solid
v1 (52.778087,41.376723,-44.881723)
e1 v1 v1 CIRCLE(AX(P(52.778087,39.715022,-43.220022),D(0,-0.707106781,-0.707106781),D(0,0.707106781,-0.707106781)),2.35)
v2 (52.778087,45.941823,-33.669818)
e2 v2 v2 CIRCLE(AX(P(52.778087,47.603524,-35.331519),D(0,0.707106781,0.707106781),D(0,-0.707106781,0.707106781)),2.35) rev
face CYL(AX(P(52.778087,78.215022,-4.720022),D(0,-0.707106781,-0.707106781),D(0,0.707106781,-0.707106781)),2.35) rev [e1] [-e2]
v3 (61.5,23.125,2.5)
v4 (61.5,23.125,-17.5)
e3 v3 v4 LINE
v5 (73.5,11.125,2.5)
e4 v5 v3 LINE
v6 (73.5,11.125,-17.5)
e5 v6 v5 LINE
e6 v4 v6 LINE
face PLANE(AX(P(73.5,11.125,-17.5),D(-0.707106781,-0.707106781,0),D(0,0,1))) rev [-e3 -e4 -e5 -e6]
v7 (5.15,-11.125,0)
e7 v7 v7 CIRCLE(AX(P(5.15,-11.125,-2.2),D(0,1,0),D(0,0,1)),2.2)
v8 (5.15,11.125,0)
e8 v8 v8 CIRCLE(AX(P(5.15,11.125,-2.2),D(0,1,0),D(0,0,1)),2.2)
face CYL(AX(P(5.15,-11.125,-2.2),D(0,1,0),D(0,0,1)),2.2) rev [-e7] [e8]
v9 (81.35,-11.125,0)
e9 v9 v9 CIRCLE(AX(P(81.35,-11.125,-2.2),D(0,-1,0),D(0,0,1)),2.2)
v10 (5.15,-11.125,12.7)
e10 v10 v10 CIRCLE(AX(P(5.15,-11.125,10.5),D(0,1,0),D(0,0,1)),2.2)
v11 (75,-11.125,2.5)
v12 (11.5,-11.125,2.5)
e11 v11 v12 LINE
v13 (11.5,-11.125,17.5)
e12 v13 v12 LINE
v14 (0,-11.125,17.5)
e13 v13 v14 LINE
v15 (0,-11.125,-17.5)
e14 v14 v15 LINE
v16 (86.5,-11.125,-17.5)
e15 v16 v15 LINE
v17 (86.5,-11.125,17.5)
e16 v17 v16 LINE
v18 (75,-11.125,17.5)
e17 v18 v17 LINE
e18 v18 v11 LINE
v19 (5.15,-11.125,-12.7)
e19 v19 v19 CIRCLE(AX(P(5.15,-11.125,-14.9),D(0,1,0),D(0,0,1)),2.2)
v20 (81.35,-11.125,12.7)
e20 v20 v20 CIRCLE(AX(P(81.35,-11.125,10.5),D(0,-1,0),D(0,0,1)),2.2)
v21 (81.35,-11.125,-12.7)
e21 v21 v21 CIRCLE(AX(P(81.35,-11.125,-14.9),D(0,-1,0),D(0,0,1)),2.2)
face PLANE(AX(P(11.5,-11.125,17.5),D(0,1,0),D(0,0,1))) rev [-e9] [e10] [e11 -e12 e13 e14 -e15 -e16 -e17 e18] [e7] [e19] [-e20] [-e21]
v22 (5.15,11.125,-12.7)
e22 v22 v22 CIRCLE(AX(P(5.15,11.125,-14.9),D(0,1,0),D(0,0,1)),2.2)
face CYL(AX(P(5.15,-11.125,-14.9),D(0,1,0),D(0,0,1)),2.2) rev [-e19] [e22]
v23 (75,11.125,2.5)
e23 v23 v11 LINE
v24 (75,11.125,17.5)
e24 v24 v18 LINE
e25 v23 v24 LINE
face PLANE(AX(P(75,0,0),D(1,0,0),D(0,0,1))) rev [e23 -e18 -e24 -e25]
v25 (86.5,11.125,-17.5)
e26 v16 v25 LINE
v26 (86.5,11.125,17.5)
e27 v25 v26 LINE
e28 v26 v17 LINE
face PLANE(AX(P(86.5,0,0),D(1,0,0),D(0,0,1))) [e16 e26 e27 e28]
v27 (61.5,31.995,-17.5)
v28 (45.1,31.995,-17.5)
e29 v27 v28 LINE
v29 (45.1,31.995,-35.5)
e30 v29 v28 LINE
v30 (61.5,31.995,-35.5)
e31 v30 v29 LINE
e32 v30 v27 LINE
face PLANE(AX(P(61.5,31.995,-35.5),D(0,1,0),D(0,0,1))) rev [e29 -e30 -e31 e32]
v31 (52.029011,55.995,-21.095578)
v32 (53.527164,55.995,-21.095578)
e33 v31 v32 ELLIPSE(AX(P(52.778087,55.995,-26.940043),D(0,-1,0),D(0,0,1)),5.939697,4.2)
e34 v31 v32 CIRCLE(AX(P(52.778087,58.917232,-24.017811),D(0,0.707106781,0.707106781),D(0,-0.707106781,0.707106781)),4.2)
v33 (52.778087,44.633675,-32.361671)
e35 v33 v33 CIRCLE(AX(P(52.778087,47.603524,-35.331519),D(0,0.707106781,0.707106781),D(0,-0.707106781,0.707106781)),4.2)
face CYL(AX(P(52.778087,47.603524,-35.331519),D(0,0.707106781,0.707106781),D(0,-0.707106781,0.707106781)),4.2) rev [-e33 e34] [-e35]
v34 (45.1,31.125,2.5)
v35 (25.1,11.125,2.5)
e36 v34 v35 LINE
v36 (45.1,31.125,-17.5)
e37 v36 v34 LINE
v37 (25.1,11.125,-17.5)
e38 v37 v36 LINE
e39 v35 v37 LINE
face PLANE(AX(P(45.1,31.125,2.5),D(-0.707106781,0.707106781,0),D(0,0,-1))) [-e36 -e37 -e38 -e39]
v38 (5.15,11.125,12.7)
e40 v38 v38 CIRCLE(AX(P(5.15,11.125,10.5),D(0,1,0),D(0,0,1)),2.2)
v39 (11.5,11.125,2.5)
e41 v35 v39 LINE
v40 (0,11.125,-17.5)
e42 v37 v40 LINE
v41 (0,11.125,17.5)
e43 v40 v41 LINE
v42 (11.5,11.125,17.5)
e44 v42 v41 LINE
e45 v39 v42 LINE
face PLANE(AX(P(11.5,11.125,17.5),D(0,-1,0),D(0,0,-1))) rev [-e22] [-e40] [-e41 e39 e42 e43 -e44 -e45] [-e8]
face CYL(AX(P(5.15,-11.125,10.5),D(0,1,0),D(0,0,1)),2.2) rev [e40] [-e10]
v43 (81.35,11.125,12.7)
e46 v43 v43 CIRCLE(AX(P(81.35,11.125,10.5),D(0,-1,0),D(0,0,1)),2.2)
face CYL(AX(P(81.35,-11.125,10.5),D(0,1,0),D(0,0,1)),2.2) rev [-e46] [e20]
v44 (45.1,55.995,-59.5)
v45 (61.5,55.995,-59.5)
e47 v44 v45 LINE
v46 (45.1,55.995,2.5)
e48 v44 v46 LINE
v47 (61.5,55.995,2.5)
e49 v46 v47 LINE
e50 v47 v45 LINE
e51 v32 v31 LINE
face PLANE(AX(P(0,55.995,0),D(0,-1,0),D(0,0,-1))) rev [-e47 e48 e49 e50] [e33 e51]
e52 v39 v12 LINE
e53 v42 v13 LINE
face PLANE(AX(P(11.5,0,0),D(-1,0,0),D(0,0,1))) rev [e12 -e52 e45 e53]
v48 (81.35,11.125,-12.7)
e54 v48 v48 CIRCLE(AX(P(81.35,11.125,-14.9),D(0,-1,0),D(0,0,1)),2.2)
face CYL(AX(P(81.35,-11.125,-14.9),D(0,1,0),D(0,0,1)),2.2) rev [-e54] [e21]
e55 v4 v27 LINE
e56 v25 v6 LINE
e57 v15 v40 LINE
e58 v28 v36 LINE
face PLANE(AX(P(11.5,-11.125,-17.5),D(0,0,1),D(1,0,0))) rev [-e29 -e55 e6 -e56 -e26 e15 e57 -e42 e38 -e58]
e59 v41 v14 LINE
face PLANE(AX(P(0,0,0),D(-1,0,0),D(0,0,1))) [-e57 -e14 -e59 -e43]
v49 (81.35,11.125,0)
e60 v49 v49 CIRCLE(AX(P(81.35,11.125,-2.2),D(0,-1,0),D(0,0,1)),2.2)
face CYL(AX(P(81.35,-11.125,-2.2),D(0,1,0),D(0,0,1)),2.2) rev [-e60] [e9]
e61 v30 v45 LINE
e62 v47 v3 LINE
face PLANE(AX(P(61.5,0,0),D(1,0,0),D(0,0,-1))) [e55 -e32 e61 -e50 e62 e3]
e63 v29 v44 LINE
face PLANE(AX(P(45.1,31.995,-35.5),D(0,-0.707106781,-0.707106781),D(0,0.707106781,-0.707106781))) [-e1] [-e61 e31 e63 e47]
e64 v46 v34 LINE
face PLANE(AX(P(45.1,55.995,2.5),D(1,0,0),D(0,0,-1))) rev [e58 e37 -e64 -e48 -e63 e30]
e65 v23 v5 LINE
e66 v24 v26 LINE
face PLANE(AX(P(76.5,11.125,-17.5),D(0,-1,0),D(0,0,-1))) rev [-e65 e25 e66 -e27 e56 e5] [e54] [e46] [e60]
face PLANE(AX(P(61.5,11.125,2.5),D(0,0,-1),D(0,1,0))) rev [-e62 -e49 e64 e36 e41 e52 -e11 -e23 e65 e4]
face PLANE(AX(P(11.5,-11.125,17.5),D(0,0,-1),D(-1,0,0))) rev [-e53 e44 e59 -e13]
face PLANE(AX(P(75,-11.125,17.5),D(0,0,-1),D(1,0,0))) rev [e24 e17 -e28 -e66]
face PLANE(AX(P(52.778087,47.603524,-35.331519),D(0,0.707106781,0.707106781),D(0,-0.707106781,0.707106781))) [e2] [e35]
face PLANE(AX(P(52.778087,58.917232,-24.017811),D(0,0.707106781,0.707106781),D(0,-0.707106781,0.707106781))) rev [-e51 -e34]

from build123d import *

# Parameters (mm, degrees)
SKETCH1_W           = 35
SKETCH1_H           = 22.25
BOSS_EXTRUDE1_DEPTH = 11.5
SKETCH2_R           = 2.2
CUT_EXTRUDE1_DEPTH  = 31.554255023
LPATTERN1_COUNT     = 3
LPATTERN1_PITCH     = 12.7
SKETCH3_W           = 20
SKETCH3_H           = 22.25
BOSS_EXTRUDE2_DEPTH = 50
SKETCH4_W           = 16.4
SKETCH4_H           = 20
BOSS_EXTRUDE3_DEPTH = 44.87
CHAMFER1_SIZE       = 20
SKETCH5_W           = 20
SKETCH5_H           = 22.25
BOSS_EXTRUDE4_DEPTH = 15
CHAMFER2_SIZE       = 12
SKETCH6_W           = 16.4
SKETCH6_H           = 24
BOSS_EXTRUDE5_DEPTH = 18
BOSS_EXTRUDE6_DEPTH = 16.4
SKETCH11_R          = 2.35
CUT_EXTRUDE4_DEPTH  = 119.961327802
SKETCH12_R          = 4.2
CUT_EXTRUDE5_DEPTH  = 16


with BuildPart() as part:
    # Sketch1 → Boss-Extrude1 (new body)
    with BuildSketch(Plane(origin=(0, 0, 0), x_dir=(0, 0, -1), z_dir=(1, 0, 0))):
        Rectangle(SKETCH1_W, SKETCH1_H)
    extrude(amount=BOSS_EXTRUDE1_DEPTH)

    # Sketch2 → Cut-Extrude1 (cut, through all)
    with BuildSketch(Plane(origin=(0, 11.125, 0), x_dir=(1, 0, 0), z_dir=(0, 1, 0))):
        with Locations(Location((5.15, -10.5, 0), (0, 0, 270))):
            Circle(SKETCH2_R)
    cut_extrude1 = extrude(amount=-CUT_EXTRUDE1_DEPTH, mode=Mode.SUBTRACT)

    # LPattern1: Cut-Extrude1 ×3
    with Locations(*[(0, 0, -i * LPATTERN1_PITCH) for i in range(1, LPATTERN1_COUNT)]):
        add(cut_extrude1, mode=Mode.SUBTRACT)


with BuildPart() as body_2:
    # Mirror3: mirrored copy
    add(part.part.mirror(Plane(origin=(43.25, 0, 0), x_dir=(0, 0, 1), z_dir=(1, 0, 0))))


with BuildPart() as part_1:
    add(part.part)

    # Sketch3 → Boss-Extrude2 (add)
    with BuildSketch(Plane(origin=(11.5, 0, 0), x_dir=(0, 0, -1), z_dir=(1, 0, 0))):
        with Locations((7.5, 0)):
            Rectangle(SKETCH3_W, SKETCH3_H)
    extrude(amount=BOSS_EXTRUDE2_DEPTH)

    # Sketch4 → Boss-Extrude3 (add)
    with BuildSketch(Plane(origin=(0, 11.125, 0), x_dir=(1, 0, 0), z_dir=(0, 1, 0))):
        with Locations((53.3, 7.5)):
            Rectangle(SKETCH4_W, SKETCH4_H)
    extrude(amount=BOSS_EXTRUDE3_DEPTH)

    # Chamfer1
    chamfer1_edges = [part_1.edges().sort_by_distance(p)[0] for p in [
        (45.1, 11.125, -7.5),
    ]]
    chamfer(chamfer1_edges, length=CHAMFER1_SIZE)

    add(body_2.part)  # Boss-Extrude4 merges body 2
    # Sketch5 → Boss-Extrude4 (add)
    with BuildSketch(Plane(origin=(61.5, 0, 0), x_dir=(0, 0, -1), z_dir=(1, 0, 0))):
        with Locations((7.5, 0)):
            Rectangle(SKETCH5_W, SKETCH5_H)
    extrude(amount=BOSS_EXTRUDE4_DEPTH)

    # Chamfer2
    chamfer2_edges = [part_1.edges().sort_by_distance(p)[0] for p in [
        (61.5, 11.125, -7.5),
    ]]
    chamfer(chamfer2_edges, length=CHAMFER2_SIZE)

    # Sketch6 → Boss-Extrude5 (add)
    with BuildSketch(Plane(origin=(0, 0, -17.5), x_dir=(-1, 0, 0), z_dir=(0, 0, -1))):
        with Locations((-53.3, 43.995)):
            Rectangle(SKETCH6_W, SKETCH6_H)
    extrude(amount=BOSS_EXTRUDE5_DEPTH)

    # Sketch7 → Boss-Extrude6 (add)
    with BuildSketch(Plane(origin=(61.5, 0, 0), x_dir=(0, 0, -1), z_dir=(1, 0, 0))):
        Polygon((35.5, 31.995), (59.5, 55.995), (35.5, 55.995), align=None)
    extrude(amount=-BOSS_EXTRUDE6_DEPTH)

    # Sketch11 → Cut-Extrude4 (cut, through all)
    with BuildSketch(Plane(origin=(0, -1.7525, -1.7525), x_dir=(1, 0, 0), z_dir=(0, -0.7071067811865509, -0.7071067811865441))):
        with Locations(Location((52.778087488, -58.643931452, 0), (0, 0, 270))):
            Circle(SKETCH11_R)
    extrude(amount=-CUT_EXTRUDE4_DEPTH, mode=Mode.SUBTRACT)

    # Sketch12 → Cut-Extrude5 (cut)
    with BuildSketch(Plane(origin=(0, 17.449710754, 17.449710754), x_dir=(1, 0, 0), z_dir=(0, 0.7071067811865464, 0.7071067811865488))):
        with Locations(Location((52.778087488, 58.643931452, 0), (0, 0, 270))):
            Circle(SKETCH12_R)
    extrude(amount=-CUT_EXTRUDE5_DEPTH, mode=Mode.SUBTRACT)


solid = part_1.part
